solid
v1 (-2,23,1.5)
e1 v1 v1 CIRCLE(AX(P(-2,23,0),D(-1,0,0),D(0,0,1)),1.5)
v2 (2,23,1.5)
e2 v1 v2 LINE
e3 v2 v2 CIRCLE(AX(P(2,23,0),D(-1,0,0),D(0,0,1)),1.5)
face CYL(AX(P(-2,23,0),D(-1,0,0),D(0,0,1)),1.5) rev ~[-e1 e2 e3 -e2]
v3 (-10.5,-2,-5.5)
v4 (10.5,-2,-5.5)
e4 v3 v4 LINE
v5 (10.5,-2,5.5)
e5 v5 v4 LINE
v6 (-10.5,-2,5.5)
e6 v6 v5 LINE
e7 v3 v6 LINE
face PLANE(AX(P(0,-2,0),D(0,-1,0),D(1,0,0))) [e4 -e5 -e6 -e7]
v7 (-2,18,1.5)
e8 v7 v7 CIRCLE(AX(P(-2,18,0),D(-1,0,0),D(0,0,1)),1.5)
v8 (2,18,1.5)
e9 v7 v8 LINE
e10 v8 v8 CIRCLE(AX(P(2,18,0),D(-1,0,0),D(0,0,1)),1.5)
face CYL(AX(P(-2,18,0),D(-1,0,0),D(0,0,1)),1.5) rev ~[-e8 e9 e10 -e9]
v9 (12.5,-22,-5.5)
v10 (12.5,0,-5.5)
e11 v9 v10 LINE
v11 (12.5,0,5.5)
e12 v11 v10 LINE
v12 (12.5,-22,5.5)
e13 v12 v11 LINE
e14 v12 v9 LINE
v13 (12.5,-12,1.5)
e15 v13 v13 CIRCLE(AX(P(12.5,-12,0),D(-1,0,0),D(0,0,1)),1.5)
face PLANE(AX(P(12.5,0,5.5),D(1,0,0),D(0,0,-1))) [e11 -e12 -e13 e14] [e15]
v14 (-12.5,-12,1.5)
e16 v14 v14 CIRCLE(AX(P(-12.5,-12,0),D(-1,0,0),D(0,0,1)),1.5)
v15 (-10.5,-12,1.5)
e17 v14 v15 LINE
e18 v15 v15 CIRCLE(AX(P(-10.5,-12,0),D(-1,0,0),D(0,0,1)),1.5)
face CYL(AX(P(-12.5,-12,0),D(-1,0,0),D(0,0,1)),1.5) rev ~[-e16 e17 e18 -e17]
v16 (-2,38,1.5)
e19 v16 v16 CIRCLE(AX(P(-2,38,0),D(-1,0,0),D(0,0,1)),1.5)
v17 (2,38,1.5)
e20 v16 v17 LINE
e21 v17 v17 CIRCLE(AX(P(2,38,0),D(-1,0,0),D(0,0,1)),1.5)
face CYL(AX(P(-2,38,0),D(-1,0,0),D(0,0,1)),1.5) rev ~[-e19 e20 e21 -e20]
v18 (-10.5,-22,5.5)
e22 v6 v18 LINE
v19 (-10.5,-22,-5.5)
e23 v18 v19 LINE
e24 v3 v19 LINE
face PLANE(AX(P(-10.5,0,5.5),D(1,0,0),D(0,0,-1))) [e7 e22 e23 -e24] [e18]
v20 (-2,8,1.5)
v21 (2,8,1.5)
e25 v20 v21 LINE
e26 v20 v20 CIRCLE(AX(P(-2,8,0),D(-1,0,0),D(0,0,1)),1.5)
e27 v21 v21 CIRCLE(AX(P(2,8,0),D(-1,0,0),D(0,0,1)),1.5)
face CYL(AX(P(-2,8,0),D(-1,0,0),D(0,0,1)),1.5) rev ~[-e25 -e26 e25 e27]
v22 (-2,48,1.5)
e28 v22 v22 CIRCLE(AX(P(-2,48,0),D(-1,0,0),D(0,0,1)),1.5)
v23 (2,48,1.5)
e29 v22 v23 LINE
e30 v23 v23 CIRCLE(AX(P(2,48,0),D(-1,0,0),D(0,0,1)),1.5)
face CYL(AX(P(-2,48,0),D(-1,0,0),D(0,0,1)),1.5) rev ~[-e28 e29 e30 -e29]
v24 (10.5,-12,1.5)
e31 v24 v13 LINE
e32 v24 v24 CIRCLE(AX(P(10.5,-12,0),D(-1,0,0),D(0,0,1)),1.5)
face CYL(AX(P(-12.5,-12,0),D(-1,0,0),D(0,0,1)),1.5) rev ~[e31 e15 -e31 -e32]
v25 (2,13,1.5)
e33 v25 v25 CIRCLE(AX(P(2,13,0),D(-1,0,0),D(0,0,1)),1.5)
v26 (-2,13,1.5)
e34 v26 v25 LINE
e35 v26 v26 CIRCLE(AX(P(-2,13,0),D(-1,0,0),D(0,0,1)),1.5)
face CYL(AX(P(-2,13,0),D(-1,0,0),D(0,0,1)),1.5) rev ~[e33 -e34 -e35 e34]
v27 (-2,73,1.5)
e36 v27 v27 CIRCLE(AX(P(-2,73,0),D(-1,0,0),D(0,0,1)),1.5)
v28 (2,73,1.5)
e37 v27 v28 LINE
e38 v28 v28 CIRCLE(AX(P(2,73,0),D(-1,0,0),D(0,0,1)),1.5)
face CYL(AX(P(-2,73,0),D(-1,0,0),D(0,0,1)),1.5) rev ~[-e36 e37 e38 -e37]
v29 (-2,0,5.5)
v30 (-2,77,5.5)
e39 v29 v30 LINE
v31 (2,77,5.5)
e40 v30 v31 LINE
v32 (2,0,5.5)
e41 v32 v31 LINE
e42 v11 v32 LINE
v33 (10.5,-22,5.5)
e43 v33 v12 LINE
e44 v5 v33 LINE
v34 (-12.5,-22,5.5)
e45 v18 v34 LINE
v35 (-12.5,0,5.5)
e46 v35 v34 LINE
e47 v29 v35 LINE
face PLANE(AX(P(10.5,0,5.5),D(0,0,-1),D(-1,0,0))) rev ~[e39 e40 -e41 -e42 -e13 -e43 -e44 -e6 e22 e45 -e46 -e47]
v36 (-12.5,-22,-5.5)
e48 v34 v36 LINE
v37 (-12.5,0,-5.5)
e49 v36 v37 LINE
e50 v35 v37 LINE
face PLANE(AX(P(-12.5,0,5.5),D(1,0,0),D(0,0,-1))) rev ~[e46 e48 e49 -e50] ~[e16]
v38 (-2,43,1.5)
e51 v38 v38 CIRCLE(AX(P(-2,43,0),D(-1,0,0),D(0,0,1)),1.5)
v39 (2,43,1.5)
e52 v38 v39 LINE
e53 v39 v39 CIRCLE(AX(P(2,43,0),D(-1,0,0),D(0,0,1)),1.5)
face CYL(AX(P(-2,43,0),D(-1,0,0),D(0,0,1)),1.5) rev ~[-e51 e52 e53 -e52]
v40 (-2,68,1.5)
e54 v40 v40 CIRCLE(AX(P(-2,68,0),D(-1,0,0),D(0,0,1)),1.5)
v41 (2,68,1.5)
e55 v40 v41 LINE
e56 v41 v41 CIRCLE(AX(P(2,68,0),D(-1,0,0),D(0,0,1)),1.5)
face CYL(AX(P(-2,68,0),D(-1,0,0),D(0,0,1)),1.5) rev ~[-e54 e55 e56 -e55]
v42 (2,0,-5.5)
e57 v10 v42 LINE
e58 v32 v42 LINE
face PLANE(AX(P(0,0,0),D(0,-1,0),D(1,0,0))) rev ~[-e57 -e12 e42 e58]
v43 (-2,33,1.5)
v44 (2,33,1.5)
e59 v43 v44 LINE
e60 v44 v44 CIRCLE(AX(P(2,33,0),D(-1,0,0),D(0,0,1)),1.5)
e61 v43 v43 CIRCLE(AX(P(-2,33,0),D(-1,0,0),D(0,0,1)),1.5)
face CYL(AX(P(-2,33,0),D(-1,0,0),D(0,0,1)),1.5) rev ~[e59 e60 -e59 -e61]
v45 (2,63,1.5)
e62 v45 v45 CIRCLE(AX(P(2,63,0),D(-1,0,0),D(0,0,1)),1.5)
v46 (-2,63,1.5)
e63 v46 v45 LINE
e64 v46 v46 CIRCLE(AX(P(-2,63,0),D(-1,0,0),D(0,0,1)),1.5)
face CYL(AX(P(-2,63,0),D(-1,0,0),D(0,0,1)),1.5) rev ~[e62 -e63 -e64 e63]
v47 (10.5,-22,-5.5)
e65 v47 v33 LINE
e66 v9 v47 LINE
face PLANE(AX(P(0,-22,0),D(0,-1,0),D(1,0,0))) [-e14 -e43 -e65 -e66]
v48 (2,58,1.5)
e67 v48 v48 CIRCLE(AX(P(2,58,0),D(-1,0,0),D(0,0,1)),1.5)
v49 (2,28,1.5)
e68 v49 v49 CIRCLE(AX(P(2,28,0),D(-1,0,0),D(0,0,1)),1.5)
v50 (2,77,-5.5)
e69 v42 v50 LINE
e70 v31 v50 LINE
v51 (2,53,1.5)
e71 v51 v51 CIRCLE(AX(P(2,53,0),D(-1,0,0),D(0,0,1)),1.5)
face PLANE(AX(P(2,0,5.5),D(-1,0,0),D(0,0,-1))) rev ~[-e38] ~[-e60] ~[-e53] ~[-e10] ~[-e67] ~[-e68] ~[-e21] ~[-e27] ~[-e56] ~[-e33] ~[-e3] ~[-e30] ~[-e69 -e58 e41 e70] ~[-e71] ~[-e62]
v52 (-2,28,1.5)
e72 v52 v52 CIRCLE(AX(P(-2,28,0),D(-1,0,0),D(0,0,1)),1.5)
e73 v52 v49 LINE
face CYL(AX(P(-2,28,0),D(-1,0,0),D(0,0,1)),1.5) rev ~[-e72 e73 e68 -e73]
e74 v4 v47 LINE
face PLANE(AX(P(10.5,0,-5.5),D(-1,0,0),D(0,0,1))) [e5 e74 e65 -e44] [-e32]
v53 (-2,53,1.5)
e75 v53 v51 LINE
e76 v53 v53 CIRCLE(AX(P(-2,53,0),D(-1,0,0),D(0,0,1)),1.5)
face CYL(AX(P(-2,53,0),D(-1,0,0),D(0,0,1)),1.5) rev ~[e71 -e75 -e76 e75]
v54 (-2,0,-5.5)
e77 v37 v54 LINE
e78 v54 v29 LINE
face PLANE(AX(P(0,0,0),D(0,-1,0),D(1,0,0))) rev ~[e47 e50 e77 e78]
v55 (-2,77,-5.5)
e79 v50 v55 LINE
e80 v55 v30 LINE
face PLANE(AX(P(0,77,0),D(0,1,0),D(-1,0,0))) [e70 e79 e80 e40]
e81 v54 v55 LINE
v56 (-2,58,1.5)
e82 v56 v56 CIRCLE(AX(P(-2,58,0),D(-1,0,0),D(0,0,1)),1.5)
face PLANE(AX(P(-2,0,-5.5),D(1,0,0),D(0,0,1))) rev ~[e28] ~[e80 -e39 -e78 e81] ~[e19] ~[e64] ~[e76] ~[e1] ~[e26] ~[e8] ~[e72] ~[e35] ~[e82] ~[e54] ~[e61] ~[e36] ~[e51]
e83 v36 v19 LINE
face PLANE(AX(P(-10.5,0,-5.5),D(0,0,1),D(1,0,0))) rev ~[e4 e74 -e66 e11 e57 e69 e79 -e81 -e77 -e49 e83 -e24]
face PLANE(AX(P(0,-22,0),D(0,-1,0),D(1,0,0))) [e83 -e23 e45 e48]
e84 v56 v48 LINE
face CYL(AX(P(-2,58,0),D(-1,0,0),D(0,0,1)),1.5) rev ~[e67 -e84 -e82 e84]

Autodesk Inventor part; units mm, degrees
ref_plane "YZ Plane" through (0, 0, 0) normal (1, 0, 0) x (0, 1, 0)
ref_plane "XZ Plane" through (0, 0, 0) normal (0, 1, 0) x (-1, 0, 0)
ref_plane "XY Plane" through (0, 0, 0) normal (0, 0, 1) x (1, 0, 0)
sketch "스케치4" plane through (0, 0, 0) normal (0, 1, 0) x (-1, 0, 0)
  line L0 (-2, 5.5) -> (-2, -5.5)
  line L1 (-2, -5.5) -> (2, -5.5)
  line L2 (2, -5.5) -> (2, 5.5)
  line L3 (2, 5.5) -> (-2, 5.5)
  line L4 (-2, 5.5) -> (2, -5.5) construction
  line L5 (-2, -5.5) -> (2, 5.5) construction
  point P0 (0, 0)
  point P1 (0, 0)
  dimension "d12" = 11
  dimension "d13" = 4
extrude "돌출3" add sketch "스케치4" along normal blind 77
sketch "스케치5" plane through (0, 0, 0) normal (0, -1, 0) x (1, 0, 0)
  line L0 (-10.5, -5.5) -> (10.5, -5.5)
  line L1 (10.5, -5.5) -> (10.5, 5.5)
  line L2 (10.5, 5.5) -> (-10.5, 5.5)
  line L3 (-10.5, 5.5) -> (-10.5, -5.5)
  line L4 (-10.5, -5.5) -> (10.5, 5.5) construction
  line L5 (10.5, -5.5) -> (-10.5, 5.5) construction
  line L6 (0, 5.5) -> (0, -5.5) construction
  line L7 (10.5, 5.5) -> (12.5, 5.5)
  line L8 (12.5, 5.5) -> (12.5, -5.5)
  line L9 (12.5, -5.5) -> (10.5, -5.5)
  line L10 (-10.5, 5.5) -> (-12.5, 5.5)
  line L11 (-12.5, 5.5) -> (-12.5, -5.5)
  line L12 (-12.5, -5.5) -> (-10.5, -5.5)
  line L13 (-22.4262, 19.8) -> (40.7349, 19.8) construction
  point P0 (0, 0)
  point P1 (0, 0)
  dimension "d16" = 21
  dimension "d17" = 11
  dimension "d18" = 2
  dimension "d43" = 19.8
extrude "돌출4" add sketch "스케치5" along normal blind 2
extrude "돌출5" add sketch "스케치5" along normal blind 22 contours L12 L11 L10 L3 | L1 L7 L8 L9
sketch "스케치6" plane through (-12.5, 0, -5.5) normal (-1, 0, 0) x (0, 0, 1)
  line L0 (11, 0) -> (0, 0) projected
  line L1 (0, 0) -> (0, -22) projected
  line L2 (11, -22) -> (0, -22) projected
  line L3 (11, 0) -> (11, -22) projected
  circle A0 centre (5.5, -12) radius 1.5
  point P0 (5.5, 0)
  dimension "d23" = 3
  dimension "d24" = 10
extrude "돌출6" cut sketch "스케치6" against normal through all contours A0
sketch "스케치7" plane through (-2, 77, -5.5) normal (-1, 0, 0) x (0, 0, 1)
  line L0 (0, -77) -> (11, -77) projected
  line L1 (11, -77) -> (11, 0) projected
  line L2 (0, 0) -> (11, 0) projected
  line L3 (0, -77) -> (0, 0) projected
  line L4 (0, -73) -> (11, -73) construction
  line L5 (0, -4) -> (11, -4) construction
  line L6 (0, -69) -> (11, -69) construction
  circle A0 centre (5.5, -4) radius 1.5
  circle A1 centre (5.5, -69) radius 1.5
  line L7 (5.5, -69) -> (5.5, -4) construction
  circle A2 centre (5.5, -64) radius 1.5
  circle A3 centre (5.5, -59) radius 1.5
  circle A4 centre (5.5, -54) radius 1.5
  circle A5 centre (5.5, -49) radius 1.5
  circle A6 centre (5.5, -44) radius 1.5
  circle A7 centre (5.5, -39) radius 1.5
  circle A8 centre (5.5, -34) radius 1.5
  circle A9 centre (5.5, -29) radius 1.5
  circle A10 centre (5.5, -24) radius 1.5
  circle A11 centre (5.5, -19) radius 1.5
  circle A12 centre (5.5, -14) radius 1.5
  circle A13 centre (5.5, -9) radius 1.5
  point P0 (5.5, -77)
  dimension "d27" = 4
  dimension "d28" = 4
  dimension "d29" = 4
  dimension "d30" = 3
  dimension "d31" = 5.5
  dimension "d32" = 3
  dimension "d35" = 5
extrude "돌출7" cut sketch "스케치7" against normal through all contours A0 | A1 | A2 | A3 | A4 | A5 | A6 | A7 | A8 | A9 | A10 | A11 | A12 | A13
properties part number "catcher"
